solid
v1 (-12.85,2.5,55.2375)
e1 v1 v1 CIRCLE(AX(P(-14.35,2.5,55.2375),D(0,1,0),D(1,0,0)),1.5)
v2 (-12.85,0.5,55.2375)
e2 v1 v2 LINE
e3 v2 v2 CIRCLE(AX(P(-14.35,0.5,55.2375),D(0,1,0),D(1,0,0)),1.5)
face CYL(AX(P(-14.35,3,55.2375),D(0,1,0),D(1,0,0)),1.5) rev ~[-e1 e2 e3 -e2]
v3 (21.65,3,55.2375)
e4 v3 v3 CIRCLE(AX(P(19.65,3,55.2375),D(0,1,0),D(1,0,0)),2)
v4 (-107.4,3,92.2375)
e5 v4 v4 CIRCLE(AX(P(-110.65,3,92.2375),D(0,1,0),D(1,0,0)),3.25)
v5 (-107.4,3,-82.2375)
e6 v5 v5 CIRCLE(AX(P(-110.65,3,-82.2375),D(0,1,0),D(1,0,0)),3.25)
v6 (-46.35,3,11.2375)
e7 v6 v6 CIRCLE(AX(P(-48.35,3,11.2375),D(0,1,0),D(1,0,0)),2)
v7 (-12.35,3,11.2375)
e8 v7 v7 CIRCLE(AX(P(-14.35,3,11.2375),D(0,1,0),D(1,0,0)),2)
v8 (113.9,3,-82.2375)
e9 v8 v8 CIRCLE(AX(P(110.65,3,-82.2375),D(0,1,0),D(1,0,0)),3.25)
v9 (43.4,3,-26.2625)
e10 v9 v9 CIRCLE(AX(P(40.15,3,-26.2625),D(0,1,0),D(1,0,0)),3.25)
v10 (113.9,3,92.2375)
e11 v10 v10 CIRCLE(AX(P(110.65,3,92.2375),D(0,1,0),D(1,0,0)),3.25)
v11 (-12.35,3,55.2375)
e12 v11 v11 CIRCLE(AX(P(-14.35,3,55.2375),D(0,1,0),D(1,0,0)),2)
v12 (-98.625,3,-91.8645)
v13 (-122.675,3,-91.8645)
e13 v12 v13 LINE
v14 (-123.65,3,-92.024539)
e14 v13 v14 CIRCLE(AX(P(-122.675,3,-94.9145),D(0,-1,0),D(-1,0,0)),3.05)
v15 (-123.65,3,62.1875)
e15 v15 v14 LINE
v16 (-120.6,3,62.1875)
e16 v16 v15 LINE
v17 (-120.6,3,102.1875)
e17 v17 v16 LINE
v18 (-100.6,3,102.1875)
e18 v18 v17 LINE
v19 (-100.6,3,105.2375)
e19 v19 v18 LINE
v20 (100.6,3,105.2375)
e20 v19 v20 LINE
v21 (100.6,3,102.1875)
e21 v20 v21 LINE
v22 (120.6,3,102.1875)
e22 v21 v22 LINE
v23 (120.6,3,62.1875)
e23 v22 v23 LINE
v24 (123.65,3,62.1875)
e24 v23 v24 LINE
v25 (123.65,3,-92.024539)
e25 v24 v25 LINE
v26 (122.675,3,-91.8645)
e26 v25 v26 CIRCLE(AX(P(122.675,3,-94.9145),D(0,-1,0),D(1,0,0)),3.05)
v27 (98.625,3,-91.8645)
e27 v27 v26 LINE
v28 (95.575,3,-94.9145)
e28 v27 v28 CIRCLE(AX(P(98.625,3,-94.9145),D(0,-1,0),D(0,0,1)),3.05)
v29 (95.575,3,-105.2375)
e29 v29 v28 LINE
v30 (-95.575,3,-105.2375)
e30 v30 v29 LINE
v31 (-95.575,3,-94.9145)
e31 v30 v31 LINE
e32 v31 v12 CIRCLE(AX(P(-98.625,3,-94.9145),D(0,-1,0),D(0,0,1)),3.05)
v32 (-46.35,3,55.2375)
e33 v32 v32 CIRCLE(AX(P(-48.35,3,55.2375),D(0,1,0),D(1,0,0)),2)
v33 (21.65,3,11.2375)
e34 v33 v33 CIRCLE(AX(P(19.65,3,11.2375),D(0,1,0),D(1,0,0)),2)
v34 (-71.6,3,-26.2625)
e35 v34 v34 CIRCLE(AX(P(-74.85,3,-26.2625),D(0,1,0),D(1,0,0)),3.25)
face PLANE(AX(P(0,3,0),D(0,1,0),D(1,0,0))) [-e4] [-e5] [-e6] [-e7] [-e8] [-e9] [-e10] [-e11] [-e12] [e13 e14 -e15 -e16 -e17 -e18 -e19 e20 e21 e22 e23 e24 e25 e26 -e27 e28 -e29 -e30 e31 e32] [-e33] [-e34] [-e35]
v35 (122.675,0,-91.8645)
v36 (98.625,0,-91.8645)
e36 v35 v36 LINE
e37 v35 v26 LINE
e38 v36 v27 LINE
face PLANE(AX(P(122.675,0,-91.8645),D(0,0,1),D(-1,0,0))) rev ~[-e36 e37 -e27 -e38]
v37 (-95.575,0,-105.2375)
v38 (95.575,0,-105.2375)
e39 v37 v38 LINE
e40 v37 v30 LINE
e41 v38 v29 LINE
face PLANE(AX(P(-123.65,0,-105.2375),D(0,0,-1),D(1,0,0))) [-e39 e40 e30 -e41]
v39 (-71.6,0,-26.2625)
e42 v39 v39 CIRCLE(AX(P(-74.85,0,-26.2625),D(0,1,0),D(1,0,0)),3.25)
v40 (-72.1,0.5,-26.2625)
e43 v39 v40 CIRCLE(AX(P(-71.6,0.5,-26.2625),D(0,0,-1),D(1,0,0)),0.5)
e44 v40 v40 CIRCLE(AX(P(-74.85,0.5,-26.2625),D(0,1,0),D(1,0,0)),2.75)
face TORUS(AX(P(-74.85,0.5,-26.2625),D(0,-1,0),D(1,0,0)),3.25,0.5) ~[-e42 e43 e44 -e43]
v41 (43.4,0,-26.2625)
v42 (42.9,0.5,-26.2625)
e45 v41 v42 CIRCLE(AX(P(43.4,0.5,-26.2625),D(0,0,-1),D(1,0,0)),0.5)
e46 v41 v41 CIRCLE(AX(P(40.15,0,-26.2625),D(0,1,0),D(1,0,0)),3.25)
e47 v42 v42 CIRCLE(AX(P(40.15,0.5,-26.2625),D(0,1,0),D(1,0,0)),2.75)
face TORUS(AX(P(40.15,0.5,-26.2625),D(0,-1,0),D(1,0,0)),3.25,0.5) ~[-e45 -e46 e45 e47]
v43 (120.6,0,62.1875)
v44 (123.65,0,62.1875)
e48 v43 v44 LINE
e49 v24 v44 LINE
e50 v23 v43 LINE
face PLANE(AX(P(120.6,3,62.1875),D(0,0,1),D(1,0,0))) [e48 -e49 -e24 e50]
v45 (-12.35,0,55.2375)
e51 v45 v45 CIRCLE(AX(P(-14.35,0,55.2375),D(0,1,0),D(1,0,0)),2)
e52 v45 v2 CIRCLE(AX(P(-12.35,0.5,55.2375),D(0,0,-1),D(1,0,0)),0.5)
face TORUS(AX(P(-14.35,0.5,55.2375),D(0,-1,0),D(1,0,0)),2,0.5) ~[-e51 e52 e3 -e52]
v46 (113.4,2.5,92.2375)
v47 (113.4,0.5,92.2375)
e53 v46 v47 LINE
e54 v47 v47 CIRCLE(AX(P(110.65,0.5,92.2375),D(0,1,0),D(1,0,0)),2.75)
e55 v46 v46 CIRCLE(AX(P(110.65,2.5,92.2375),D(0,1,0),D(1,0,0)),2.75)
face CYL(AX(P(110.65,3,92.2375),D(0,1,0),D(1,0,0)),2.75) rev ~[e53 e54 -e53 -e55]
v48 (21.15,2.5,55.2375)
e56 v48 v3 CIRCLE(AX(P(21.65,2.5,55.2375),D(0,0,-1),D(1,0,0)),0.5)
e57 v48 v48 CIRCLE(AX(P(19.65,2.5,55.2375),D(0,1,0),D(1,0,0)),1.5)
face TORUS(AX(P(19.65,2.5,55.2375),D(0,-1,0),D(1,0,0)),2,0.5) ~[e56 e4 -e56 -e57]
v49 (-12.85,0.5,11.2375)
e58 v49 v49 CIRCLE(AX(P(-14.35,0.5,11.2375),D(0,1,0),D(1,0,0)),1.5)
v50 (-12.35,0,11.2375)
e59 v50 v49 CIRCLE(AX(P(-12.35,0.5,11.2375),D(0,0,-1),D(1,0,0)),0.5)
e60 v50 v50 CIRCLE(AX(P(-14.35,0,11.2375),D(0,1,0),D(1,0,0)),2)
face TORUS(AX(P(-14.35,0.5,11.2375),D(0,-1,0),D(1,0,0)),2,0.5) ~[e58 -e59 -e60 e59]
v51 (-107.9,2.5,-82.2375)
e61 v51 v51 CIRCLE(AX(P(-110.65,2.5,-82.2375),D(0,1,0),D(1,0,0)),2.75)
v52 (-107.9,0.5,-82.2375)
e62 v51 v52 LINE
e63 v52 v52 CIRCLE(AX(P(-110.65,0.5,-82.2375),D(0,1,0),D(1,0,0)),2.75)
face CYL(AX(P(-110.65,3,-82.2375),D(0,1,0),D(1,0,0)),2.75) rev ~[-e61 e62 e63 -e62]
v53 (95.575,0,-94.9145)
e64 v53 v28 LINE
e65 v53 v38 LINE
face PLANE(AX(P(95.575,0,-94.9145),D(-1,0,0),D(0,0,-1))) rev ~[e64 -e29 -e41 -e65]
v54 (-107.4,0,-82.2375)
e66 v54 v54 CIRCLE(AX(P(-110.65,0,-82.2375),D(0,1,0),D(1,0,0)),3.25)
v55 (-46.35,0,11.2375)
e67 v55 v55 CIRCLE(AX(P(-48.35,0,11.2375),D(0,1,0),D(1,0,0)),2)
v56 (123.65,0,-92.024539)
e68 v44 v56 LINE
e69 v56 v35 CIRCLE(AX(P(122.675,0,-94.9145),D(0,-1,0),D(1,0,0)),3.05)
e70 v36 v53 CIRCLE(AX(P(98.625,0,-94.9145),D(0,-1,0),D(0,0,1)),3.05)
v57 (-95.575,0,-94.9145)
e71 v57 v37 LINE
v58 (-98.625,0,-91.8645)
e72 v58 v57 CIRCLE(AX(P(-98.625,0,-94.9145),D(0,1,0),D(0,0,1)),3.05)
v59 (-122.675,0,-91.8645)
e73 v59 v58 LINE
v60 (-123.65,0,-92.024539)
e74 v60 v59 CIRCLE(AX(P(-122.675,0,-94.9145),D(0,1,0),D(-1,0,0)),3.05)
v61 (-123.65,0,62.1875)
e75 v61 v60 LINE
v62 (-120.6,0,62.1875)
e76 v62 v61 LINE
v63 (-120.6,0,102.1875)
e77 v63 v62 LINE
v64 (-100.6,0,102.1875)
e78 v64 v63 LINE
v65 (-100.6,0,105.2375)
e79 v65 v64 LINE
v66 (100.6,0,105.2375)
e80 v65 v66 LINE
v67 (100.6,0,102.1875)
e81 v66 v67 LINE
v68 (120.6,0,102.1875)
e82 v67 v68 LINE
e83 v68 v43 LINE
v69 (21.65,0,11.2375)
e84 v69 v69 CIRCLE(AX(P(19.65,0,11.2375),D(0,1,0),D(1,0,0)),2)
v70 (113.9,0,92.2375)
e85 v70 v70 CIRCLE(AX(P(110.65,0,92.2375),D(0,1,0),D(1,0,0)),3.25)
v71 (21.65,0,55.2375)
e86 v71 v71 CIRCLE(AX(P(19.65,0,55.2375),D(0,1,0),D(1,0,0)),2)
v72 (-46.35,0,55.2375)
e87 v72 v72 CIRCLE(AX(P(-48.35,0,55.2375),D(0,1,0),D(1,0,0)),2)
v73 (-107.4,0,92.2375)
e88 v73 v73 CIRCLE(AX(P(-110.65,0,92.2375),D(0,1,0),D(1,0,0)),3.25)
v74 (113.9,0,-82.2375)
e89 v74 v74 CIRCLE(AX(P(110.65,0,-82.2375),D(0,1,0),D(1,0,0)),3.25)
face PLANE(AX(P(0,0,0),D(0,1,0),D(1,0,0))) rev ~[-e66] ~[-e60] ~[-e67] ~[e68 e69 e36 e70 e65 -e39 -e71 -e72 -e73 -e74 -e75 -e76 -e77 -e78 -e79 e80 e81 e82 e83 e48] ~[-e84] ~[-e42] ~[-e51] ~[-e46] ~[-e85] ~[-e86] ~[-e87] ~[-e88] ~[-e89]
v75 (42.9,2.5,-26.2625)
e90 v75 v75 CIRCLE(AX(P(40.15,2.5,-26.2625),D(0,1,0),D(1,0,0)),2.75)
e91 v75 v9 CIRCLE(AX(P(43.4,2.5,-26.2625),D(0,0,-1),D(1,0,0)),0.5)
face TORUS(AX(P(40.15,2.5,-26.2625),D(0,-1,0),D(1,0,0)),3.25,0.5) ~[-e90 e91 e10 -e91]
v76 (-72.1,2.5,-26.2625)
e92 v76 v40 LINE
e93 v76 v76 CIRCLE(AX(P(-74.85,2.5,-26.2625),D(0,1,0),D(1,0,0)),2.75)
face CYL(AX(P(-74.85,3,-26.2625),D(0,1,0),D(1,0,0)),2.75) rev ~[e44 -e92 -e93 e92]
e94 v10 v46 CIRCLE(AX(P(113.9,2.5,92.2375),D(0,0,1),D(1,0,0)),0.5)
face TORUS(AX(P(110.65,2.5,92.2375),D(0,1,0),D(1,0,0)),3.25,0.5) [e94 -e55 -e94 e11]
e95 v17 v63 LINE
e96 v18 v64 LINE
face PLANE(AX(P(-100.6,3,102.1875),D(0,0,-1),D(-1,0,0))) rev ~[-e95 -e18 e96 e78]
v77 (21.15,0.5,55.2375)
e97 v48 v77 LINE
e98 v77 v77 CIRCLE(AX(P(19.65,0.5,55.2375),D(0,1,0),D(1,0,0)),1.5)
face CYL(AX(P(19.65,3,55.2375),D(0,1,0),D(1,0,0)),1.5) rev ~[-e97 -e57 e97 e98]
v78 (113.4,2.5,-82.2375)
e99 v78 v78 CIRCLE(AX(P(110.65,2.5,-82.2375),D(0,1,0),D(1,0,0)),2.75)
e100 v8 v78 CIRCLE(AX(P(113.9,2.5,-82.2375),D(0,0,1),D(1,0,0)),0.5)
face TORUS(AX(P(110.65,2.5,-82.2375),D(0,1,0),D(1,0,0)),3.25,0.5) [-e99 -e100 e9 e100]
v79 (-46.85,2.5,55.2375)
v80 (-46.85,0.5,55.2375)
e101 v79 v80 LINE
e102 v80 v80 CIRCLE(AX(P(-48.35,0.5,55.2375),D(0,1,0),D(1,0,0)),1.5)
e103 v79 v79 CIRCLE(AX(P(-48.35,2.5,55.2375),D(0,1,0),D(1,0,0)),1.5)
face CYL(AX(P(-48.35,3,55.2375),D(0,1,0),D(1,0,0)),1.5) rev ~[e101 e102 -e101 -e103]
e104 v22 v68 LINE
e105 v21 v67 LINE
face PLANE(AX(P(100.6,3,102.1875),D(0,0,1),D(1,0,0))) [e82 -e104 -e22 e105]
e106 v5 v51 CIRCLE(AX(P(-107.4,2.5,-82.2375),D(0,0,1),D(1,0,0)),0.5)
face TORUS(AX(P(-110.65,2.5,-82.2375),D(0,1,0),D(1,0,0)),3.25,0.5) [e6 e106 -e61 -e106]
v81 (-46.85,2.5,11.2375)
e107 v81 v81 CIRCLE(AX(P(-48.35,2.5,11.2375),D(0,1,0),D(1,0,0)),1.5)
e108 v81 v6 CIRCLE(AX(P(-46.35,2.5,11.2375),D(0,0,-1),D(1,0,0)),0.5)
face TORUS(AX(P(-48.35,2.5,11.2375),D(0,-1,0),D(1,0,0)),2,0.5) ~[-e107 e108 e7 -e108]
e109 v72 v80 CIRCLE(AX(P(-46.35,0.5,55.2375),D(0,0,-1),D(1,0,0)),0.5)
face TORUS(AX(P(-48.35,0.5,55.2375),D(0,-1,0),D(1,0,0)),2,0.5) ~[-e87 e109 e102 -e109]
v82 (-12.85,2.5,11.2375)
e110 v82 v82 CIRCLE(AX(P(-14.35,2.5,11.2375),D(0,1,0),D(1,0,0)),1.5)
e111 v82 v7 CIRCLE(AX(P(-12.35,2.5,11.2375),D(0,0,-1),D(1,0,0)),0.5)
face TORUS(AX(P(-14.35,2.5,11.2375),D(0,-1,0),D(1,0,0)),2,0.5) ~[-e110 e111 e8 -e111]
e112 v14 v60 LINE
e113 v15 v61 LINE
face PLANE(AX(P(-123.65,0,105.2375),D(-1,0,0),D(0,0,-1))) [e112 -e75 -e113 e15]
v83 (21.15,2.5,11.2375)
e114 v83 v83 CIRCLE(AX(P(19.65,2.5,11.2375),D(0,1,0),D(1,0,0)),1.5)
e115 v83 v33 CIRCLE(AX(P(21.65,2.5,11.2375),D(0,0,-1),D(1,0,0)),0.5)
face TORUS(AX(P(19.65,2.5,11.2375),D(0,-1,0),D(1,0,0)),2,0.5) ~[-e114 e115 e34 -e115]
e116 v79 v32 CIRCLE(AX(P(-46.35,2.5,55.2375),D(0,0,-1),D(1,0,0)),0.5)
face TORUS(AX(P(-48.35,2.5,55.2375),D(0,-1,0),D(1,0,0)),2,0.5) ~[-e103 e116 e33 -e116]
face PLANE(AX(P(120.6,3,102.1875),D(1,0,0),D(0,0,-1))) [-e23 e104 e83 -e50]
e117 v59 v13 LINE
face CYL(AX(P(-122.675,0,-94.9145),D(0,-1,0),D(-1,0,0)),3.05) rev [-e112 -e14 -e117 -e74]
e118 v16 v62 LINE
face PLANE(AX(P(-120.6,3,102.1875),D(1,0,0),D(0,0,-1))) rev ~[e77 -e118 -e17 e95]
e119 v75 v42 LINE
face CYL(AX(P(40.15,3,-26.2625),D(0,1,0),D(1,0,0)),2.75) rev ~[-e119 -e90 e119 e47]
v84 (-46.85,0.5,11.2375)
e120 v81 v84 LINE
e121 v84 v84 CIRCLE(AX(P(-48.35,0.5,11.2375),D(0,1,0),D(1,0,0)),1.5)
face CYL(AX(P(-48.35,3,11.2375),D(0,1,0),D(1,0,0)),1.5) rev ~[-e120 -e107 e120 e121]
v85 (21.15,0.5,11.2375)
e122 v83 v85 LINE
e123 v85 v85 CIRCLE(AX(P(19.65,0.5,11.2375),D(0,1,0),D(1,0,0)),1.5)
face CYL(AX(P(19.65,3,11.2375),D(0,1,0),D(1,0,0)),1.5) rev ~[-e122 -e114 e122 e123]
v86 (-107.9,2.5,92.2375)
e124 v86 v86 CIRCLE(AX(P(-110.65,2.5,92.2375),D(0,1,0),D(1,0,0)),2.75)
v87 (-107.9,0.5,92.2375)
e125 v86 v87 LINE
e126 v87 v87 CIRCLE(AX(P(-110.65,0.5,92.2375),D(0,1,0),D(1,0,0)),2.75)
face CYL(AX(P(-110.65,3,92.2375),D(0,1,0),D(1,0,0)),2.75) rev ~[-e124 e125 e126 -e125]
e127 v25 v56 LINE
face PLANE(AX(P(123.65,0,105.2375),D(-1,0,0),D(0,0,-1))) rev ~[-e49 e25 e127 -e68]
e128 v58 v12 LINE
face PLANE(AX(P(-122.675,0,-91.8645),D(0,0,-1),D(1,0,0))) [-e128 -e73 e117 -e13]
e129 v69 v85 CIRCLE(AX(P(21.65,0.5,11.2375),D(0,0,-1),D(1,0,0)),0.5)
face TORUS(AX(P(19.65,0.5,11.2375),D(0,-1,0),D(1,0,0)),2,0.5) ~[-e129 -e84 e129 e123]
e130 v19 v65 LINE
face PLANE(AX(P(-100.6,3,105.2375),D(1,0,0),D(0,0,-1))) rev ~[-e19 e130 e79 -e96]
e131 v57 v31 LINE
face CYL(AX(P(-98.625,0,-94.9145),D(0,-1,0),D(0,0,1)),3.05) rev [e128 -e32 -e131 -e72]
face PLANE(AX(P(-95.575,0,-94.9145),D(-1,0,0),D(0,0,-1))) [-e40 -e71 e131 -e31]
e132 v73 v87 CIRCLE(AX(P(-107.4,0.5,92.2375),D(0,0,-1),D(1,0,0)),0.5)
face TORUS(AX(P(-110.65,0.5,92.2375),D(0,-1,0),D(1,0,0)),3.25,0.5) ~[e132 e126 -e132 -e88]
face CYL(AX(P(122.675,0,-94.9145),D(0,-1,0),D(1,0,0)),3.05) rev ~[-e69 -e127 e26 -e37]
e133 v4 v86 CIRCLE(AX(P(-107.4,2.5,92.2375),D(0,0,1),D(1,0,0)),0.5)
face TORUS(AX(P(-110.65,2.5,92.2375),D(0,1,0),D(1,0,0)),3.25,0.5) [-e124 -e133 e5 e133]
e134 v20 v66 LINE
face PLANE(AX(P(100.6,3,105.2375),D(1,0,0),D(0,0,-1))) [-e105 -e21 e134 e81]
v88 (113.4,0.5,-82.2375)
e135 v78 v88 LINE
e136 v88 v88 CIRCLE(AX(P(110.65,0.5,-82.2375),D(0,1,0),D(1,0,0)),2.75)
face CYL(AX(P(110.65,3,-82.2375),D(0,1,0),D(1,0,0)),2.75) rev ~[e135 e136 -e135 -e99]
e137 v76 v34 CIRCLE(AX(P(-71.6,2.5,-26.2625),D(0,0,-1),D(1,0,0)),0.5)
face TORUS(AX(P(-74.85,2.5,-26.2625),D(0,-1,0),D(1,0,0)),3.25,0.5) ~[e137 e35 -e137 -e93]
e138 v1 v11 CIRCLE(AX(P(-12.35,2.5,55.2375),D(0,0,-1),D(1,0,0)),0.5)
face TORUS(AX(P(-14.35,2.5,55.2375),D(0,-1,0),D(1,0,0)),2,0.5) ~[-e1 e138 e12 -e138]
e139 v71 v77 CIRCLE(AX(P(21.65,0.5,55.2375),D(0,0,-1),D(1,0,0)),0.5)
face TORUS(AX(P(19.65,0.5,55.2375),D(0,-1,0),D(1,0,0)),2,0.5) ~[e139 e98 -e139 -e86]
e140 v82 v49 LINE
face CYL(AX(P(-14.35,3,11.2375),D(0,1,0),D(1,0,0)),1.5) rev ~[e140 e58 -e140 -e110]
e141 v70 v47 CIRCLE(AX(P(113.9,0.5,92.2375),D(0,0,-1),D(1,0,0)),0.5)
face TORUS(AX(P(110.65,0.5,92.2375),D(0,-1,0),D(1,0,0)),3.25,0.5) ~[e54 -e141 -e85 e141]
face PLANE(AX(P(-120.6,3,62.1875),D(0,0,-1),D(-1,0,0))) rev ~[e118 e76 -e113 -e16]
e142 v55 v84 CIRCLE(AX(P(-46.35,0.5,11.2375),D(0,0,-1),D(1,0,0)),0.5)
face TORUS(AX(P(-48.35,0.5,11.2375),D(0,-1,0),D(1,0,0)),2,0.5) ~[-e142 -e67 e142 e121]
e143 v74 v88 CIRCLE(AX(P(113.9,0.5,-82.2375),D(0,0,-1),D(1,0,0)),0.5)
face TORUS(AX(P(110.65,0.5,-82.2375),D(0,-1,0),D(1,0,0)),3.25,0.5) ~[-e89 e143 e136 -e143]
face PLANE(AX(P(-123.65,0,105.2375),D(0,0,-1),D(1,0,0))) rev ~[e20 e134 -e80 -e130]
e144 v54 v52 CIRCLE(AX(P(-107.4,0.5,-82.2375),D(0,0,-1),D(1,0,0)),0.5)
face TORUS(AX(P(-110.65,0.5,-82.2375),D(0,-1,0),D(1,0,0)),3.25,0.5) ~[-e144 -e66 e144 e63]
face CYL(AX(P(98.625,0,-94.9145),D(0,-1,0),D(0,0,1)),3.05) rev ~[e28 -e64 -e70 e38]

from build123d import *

# Parameters (mm, degrees)
SKETCH1_W           = 247.3
SKETCH1_H           = 210.475
BOSS_EXTRUDE1_DEPTH = 3
CUT_EXTRUDE2_DEPTH  = 4
SKETCH2_R           = 2.75
CUT_EXTRUDE1_DEPTH  = 4
FILLET1_R           = 0.5
SKETCH8_R           = 1.5
CUT_EXTRUDE6_DEPTH  = 4
FILLET2_R           = 0.5
SKETCH9_R           = 2.75
CUT_EXTRUDE7_DEPTH  = 4
FILLET3_R           = 0.5
CUT_EXTRUDE10_DEPTH = 4


with BuildPart() as part:
    # Sketch1 → Boss-Extrude1 (new body)
    with BuildSketch(Plane(origin=(0, 0, 0), x_dir=(1, 0, 0), z_dir=(0, 1, 0))):
        Rectangle(SKETCH1_W, SKETCH1_H)
    extrude(amount=BOSS_EXTRUDE1_DEPTH)

    # Sketch4 → Cut-Extrude2 (cut, through all)
    with BuildSketch(Plane(origin=(0, 3, 0), x_dir=(1, 0, 0), z_dir=(0, 1, 0))):
        Polygon((-123.65, -105.2375), (-120.6, -105.2375), (-100.6, -105.2375), (-100.6, -102.1875), (-120.6, -102.1875), (-120.6, -62.1875), (-123.65, -62.1875), align=None)
        Polygon((100.6, -105.2375), (100.6, -102.1875), (120.6, -102.1875), (120.6, -62.1875), (123.65, -62.1875), (123.65, -105.2375), (120.6, -105.2375), align=None)
    extrude(amount=-CUT_EXTRUDE2_DEPTH, mode=Mode.SUBTRACT)

    # Sketch2 → Cut-Extrude1 (cut, through all)
    with BuildSketch(Plane(origin=(0, 3, 0), x_dir=(1, 0, 0), z_dir=(0, 1, 0))):
        with Locations((-110.65, 82.2375)):
            Circle(SKETCH2_R)
        with Locations((110.65, 82.2375)):
            Circle(SKETCH2_R)
        with Locations((-110.65, -92.2375)):
            Circle(SKETCH2_R)
        with Locations((110.65, -92.2375)):
            Circle(SKETCH2_R)
    extrude(amount=-CUT_EXTRUDE1_DEPTH, mode=Mode.SUBTRACT)

    # Fillet1
    fillet1_edges = [part.edges().sort_by_distance(p)[0] for p in [
        (107.9, 0, -82.2375),
        (107.9, 3, -82.2375),
        (-113.4, 0, 92.2375),
        (-113.4, 3, 92.2375),
        (107.9, 0, 92.2375),
        (107.9, 3, 92.2375),
        (-113.4, 0, -82.2375),
        (-113.4, 3, -82.2375),
    ]]
    fillet(fillet1_edges, radius=FILLET1_R)

    # Sketch8 → Cut-Extrude6 (cut, through all)
    with BuildSketch(Plane(origin=(0, 3, 0), x_dir=(1, 0, 0), z_dir=(0, 1, 0))):
        with Locations((19.65, -55.2375)):
            Circle(SKETCH8_R)
        with Locations((-14.35, -55.2375)):
            Circle(SKETCH8_R)
        with Locations((-48.35, -55.2375)):
            Circle(SKETCH8_R)
        with Locations((-48.35, -11.2375)):
            Circle(SKETCH8_R)
        with Locations((-14.35, -11.2375)):
            Circle(SKETCH8_R)
        with Locations((19.65, -11.2375)):
            Circle(SKETCH8_R)
    extrude(amount=-CUT_EXTRUDE6_DEPTH, mode=Mode.SUBTRACT)

    # Fillet2
    fillet2_edges = [part.edges().sort_by_distance(p)[0] for p in [
        (18.15, 0, 11.2375),
        (18.15, 3, 11.2375),
        (-15.85, 0, 11.2375),
        (-15.85, 3, 11.2375),
        (-49.85, 0, 11.2375),
        (-49.85, 3, 11.2375),
        (-49.85, 0, 55.2375),
        (-49.85, 3, 55.2375),
        (-15.85, 0, 55.2375),
        (-15.85, 3, 55.2375),
        (18.15, 0, 55.2375),
        (18.15, 3, 55.2375),
    ]]
    fillet(fillet2_edges, radius=FILLET2_R)

    # Sketch9 → Cut-Extrude7 (cut, through all)
    with BuildSketch(Plane(origin=(0, 3, 0), x_dir=(1, 0, 0), z_dir=(0, 1, 0))):
        with Locations((-74.85, 26.2625)):
            Circle(SKETCH9_R)
        with Locations((40.15, 26.2625)):
            Circle(SKETCH9_R)
    extrude(amount=-CUT_EXTRUDE7_DEPTH, mode=Mode.SUBTRACT)

    # Fillet3
    fillet3_edges = [part.edges().sort_by_distance(p)[0] for p in [
        (-77.6, 0, -26.2625),
        (-77.6, 3, -26.2625),
        (37.4, 0, -26.2625),
        (37.4, 3, -26.2625),
    ]]
    fillet(fillet3_edges, radius=FILLET3_R)

    # Sketch12 → Cut-Extrude10 (cut, through all)
    with BuildSketch(Plane.XZ):
        with BuildLine():
            Line((125.725, -105.2375), (125.725, -94.9145))
            ThreePointArc((125.725, -94.9145), (124.831675683, -92.757824317), (122.675, -91.8645))
            Line((122.675, -91.8645), (98.625, -91.8645))
            ThreePointArc((98.625, -91.8645), (96.468324317, -92.757824317), (95.575, -94.9145))
            Line((95.575, -94.9145), (95.575, -105.2375))
            Line((95.575, -105.2375), (125.725, -105.2375))
        make_face()
        with BuildLine():
            Line((-95.575, -105.2375), (-125.725, -105.2375))
            Line((-125.725, -105.2375), (-125.725, -94.9145))
            ThreePointArc((-125.725, -94.9145), (-124.831675683, -92.757824317), (-122.675, -91.8645))
            Line((-122.675, -91.8645), (-98.625, -91.8645))
            ThreePointArc((-98.625, -91.8645), (-96.468324317, -92.757824317), (-95.575, -94.9145))
            Line((-95.575, -94.9145), (-95.575, -105.2375))
        make_face()
    extrude(amount=-CUT_EXTRUDE10_DEPTH, mode=Mode.SUBTRACT)


solid = part.part
